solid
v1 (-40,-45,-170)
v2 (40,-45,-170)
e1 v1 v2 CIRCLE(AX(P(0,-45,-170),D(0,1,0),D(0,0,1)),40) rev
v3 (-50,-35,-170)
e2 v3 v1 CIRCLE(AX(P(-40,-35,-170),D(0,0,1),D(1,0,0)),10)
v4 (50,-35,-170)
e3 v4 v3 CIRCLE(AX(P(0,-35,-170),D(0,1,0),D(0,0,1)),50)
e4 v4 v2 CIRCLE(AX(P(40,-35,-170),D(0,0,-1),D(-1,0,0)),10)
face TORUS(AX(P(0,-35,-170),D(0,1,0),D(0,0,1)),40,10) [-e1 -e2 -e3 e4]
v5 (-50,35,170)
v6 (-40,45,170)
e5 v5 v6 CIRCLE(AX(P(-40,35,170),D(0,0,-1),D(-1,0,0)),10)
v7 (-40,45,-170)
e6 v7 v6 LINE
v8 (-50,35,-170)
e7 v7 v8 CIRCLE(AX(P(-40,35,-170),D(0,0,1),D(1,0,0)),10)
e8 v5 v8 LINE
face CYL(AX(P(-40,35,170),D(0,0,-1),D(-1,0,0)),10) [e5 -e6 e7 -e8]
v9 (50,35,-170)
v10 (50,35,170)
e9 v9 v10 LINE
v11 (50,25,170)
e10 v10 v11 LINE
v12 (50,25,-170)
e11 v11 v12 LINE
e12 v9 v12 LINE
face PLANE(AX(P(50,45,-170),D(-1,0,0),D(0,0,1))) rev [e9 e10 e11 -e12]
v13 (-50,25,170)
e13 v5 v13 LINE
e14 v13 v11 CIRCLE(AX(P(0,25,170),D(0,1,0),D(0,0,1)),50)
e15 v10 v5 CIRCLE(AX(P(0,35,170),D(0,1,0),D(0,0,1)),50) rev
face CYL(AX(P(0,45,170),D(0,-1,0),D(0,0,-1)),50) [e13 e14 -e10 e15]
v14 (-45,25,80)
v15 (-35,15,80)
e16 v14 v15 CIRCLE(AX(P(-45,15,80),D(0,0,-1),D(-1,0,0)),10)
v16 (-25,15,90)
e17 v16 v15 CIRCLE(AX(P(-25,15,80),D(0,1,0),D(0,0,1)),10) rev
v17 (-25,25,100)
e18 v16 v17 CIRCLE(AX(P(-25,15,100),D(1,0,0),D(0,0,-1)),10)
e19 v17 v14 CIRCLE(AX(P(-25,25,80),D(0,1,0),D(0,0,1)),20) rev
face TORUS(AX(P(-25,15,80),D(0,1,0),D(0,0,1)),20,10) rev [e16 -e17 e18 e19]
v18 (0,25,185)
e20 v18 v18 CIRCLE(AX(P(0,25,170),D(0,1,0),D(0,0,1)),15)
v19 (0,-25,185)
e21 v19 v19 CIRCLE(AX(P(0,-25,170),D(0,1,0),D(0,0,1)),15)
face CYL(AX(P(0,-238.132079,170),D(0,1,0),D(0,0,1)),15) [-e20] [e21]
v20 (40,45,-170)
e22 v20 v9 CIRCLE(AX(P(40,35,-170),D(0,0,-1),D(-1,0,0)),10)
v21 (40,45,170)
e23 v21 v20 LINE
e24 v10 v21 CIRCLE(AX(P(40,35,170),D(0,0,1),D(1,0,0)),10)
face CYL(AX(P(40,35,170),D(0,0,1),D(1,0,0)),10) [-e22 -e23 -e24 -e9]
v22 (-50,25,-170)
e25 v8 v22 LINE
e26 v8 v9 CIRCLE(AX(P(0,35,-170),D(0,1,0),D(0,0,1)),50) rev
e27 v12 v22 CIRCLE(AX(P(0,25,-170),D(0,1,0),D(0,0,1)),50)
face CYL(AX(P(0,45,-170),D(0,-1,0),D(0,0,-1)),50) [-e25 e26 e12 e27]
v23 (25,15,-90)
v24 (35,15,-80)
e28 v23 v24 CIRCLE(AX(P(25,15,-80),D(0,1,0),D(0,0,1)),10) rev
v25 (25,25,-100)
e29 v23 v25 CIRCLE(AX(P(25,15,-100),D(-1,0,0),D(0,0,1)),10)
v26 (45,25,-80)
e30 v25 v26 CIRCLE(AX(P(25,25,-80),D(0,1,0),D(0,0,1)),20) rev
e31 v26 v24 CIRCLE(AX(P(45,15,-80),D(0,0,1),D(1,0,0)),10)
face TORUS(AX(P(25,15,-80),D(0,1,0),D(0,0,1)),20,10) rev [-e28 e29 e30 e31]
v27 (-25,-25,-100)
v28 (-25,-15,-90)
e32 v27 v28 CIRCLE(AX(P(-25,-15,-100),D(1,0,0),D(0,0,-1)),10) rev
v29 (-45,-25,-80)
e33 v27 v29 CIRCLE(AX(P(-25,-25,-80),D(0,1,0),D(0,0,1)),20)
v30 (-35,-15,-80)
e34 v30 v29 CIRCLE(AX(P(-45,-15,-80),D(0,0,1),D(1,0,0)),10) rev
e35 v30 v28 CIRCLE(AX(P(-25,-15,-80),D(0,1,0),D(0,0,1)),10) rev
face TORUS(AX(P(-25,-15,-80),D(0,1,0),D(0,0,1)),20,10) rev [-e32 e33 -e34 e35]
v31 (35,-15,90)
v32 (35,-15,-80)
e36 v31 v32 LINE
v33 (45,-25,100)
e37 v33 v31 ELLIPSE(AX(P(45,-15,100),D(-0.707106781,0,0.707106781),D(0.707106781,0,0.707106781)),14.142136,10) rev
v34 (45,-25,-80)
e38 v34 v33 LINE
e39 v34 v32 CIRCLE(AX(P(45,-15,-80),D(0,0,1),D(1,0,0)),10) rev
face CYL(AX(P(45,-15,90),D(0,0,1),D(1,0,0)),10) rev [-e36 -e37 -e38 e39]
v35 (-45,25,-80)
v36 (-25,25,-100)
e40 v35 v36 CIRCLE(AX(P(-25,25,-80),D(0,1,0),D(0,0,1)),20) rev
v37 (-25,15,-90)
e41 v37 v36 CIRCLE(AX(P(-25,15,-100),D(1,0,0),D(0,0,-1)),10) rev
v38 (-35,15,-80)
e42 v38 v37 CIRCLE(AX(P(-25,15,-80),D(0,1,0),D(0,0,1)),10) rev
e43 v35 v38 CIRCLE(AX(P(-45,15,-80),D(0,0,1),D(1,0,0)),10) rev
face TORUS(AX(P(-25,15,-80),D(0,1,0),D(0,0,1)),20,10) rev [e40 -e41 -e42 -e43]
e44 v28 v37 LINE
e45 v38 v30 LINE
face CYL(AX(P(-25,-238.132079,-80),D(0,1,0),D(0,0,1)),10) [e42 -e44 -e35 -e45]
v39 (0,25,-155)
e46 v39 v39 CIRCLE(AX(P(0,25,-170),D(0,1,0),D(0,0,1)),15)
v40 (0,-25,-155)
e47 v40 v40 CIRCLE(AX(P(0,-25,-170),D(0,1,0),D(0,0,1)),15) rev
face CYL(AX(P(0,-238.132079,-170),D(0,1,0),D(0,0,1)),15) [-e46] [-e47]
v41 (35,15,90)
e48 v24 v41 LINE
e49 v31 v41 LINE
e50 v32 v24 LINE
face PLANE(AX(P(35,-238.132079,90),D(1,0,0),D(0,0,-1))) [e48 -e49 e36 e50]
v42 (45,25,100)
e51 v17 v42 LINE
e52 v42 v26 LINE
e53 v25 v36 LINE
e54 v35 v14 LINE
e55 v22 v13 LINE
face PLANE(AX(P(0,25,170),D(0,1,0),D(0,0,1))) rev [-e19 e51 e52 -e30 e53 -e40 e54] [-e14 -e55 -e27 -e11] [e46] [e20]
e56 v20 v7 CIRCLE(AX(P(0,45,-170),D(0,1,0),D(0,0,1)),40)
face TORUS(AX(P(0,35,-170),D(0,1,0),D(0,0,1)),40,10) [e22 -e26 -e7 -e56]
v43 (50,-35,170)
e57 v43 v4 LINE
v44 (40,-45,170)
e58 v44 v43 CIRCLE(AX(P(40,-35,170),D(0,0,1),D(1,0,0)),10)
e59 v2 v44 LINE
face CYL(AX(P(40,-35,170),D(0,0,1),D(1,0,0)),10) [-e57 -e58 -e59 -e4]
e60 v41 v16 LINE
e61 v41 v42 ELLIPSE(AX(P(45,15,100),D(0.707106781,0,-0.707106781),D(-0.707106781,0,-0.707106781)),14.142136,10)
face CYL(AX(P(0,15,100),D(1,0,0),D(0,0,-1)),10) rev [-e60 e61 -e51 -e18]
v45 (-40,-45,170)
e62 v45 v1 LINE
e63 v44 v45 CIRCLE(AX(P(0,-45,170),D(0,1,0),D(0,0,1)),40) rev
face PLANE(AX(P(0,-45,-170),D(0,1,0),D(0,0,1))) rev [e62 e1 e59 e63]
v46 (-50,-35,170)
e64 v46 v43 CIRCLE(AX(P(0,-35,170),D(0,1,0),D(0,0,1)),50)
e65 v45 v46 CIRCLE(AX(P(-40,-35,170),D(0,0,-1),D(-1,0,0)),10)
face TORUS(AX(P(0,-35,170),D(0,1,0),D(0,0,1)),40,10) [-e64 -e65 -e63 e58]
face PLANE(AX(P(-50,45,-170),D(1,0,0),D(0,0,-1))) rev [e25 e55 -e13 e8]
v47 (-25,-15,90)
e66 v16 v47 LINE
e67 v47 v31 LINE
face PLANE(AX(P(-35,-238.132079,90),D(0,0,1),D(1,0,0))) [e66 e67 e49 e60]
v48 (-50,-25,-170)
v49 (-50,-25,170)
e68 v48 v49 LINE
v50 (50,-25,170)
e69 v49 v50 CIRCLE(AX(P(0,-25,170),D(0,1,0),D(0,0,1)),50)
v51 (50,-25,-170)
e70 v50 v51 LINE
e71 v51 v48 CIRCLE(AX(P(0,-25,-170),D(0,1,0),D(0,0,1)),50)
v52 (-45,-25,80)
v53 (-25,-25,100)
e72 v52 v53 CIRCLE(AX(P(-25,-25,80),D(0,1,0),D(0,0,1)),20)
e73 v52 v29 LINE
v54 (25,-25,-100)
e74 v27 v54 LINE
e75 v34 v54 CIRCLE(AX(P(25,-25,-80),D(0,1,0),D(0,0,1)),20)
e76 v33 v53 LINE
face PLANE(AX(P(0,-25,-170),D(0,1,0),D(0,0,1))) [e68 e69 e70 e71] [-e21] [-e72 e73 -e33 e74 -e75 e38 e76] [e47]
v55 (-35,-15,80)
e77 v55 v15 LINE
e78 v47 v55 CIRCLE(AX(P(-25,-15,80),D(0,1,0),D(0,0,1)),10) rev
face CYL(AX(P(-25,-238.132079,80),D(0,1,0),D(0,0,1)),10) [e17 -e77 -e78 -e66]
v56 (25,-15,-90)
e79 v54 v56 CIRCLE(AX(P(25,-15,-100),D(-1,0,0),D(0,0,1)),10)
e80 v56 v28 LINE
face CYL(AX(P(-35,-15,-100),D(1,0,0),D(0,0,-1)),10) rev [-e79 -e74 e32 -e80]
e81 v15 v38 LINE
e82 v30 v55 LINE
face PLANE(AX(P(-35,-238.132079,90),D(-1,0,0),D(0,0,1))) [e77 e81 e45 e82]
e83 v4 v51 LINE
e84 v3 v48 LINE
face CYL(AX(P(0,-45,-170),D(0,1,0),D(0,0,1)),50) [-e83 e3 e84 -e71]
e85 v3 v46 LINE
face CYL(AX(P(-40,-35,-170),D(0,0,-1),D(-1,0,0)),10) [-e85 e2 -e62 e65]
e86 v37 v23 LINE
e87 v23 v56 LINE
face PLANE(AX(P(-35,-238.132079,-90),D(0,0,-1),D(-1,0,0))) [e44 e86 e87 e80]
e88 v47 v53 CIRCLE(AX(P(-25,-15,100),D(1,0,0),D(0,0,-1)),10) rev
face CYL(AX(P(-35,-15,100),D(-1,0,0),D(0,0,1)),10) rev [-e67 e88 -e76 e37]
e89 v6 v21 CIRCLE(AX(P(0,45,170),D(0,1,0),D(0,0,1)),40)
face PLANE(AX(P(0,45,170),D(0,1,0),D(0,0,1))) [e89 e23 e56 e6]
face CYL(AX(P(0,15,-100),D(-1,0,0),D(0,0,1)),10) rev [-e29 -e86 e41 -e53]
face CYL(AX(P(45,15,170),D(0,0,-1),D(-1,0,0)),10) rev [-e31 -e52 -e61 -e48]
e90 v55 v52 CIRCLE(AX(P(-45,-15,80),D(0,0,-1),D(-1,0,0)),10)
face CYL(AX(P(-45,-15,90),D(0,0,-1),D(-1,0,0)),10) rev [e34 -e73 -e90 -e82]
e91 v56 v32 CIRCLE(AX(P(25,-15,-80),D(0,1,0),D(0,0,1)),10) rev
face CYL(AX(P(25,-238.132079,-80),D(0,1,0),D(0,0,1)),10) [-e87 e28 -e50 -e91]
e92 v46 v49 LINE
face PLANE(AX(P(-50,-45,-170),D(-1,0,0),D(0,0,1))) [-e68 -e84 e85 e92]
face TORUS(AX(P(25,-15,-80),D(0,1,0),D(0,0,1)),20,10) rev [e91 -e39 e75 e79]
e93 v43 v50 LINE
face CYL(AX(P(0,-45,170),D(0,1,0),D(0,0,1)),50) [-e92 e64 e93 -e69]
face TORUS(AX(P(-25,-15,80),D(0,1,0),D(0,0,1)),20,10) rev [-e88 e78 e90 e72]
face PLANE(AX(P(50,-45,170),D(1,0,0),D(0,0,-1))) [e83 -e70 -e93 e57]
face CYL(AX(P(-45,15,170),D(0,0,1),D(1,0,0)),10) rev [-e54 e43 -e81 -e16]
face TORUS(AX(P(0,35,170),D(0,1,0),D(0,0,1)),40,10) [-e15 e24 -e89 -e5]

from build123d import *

# Parameters (mm, degrees)
EXTRUDE_1_DEPTH = 20
EXTRUDE_2_DEPTH = 20
SKETCH_3_R      = 15
SKETCH_3_W      = 70
SKETCH_3_H      = 180
EXTRUDE_3_DEPTH = 90
FILLET_1_R      = 10
FILLET_2_R      = 10


with BuildPart() as part:
    # 草圖1 → 填料-伸長1 (new body)
    with BuildSketch(Plane(origin=(0, 25, 0), x_dir=(1, 0, 0), z_dir=(0, 1, 0))):
        with BuildLine():
            Line((-50, 170), (-50, -170))
            ThreePointArc((-50, -170), (0, -220), (50, -170))
            Line((50, -170), (50, 170))
            ThreePointArc((50, 170), (0, 220), (-50, 170))
        make_face()
    extrude(amount=EXTRUDE_1_DEPTH)



with BuildPart() as body_2:
    # 草圖2 → 填料-伸長2 (new body)
    with BuildSketch(Plane(origin=(0, -25, 0), x_dir=(1, 0, 0), z_dir=(0, 1, 0))):
        with BuildLine():
            Line((50, -170), (50, 170))
            ThreePointArc((50, 170), (0, 220), (-50, 170))
            Line((-50, 170), (-50, -170))
            ThreePointArc((-50, -170), (0, -220), (50, -170))
        make_face()
    extrude(amount=-EXTRUDE_2_DEPTH)


with BuildPart() as part_1:
    add(part.part)

    add(body_2.part)  # 填料-伸長3 merges body 2
    # 草圖3 → 填料-伸長3 (add)
    with BuildSketch(Plane(origin=(0, 45, 0), x_dir=(1, 0, 0), z_dir=(0, 1, 0))):
        with Locations((0, 170)):
            Circle(SKETCH_3_R)
        with Locations((0, -170)):
            Circle(SKETCH_3_R)
        Rectangle(SKETCH_3_W, SKETCH_3_H)
    extrude(amount=-EXTRUDE_3_DEPTH)

    # 圓角1
    fillet_1_edges = [part_1.edges().sort_by_distance(p)[0] for p in [
        (0, 45, -220),
        (-50, 45, 0),
        (0, -45, -220),
        (50, -45, 0),
        (0, -45, 220),
        (-50, -45, 0),
        (0, 45, 220),
        (50, 45, 0),
    ]]
    fillet(fillet_1_edges, radius=FILLET_1_R)

    # 圓角2
    fillet_2_edges = [part_1.edges().sort_by_distance(p)[0] for p in [
        (35, -25, 0),
        (35, 0, -90),
        (0, -25, 90),
        (-35, -25, 0),
        (-35, 0, 90),
        (0, -25, -90),
        (-35, 0, -90),
        (35, 25, 0),
        (0, 25, 90),
        (-35, 25, 0),
        (0, 25, -90),
    ]]
    fillet(fillet_2_edges, radius=FILLET_2_R)


solid = part_1.part
